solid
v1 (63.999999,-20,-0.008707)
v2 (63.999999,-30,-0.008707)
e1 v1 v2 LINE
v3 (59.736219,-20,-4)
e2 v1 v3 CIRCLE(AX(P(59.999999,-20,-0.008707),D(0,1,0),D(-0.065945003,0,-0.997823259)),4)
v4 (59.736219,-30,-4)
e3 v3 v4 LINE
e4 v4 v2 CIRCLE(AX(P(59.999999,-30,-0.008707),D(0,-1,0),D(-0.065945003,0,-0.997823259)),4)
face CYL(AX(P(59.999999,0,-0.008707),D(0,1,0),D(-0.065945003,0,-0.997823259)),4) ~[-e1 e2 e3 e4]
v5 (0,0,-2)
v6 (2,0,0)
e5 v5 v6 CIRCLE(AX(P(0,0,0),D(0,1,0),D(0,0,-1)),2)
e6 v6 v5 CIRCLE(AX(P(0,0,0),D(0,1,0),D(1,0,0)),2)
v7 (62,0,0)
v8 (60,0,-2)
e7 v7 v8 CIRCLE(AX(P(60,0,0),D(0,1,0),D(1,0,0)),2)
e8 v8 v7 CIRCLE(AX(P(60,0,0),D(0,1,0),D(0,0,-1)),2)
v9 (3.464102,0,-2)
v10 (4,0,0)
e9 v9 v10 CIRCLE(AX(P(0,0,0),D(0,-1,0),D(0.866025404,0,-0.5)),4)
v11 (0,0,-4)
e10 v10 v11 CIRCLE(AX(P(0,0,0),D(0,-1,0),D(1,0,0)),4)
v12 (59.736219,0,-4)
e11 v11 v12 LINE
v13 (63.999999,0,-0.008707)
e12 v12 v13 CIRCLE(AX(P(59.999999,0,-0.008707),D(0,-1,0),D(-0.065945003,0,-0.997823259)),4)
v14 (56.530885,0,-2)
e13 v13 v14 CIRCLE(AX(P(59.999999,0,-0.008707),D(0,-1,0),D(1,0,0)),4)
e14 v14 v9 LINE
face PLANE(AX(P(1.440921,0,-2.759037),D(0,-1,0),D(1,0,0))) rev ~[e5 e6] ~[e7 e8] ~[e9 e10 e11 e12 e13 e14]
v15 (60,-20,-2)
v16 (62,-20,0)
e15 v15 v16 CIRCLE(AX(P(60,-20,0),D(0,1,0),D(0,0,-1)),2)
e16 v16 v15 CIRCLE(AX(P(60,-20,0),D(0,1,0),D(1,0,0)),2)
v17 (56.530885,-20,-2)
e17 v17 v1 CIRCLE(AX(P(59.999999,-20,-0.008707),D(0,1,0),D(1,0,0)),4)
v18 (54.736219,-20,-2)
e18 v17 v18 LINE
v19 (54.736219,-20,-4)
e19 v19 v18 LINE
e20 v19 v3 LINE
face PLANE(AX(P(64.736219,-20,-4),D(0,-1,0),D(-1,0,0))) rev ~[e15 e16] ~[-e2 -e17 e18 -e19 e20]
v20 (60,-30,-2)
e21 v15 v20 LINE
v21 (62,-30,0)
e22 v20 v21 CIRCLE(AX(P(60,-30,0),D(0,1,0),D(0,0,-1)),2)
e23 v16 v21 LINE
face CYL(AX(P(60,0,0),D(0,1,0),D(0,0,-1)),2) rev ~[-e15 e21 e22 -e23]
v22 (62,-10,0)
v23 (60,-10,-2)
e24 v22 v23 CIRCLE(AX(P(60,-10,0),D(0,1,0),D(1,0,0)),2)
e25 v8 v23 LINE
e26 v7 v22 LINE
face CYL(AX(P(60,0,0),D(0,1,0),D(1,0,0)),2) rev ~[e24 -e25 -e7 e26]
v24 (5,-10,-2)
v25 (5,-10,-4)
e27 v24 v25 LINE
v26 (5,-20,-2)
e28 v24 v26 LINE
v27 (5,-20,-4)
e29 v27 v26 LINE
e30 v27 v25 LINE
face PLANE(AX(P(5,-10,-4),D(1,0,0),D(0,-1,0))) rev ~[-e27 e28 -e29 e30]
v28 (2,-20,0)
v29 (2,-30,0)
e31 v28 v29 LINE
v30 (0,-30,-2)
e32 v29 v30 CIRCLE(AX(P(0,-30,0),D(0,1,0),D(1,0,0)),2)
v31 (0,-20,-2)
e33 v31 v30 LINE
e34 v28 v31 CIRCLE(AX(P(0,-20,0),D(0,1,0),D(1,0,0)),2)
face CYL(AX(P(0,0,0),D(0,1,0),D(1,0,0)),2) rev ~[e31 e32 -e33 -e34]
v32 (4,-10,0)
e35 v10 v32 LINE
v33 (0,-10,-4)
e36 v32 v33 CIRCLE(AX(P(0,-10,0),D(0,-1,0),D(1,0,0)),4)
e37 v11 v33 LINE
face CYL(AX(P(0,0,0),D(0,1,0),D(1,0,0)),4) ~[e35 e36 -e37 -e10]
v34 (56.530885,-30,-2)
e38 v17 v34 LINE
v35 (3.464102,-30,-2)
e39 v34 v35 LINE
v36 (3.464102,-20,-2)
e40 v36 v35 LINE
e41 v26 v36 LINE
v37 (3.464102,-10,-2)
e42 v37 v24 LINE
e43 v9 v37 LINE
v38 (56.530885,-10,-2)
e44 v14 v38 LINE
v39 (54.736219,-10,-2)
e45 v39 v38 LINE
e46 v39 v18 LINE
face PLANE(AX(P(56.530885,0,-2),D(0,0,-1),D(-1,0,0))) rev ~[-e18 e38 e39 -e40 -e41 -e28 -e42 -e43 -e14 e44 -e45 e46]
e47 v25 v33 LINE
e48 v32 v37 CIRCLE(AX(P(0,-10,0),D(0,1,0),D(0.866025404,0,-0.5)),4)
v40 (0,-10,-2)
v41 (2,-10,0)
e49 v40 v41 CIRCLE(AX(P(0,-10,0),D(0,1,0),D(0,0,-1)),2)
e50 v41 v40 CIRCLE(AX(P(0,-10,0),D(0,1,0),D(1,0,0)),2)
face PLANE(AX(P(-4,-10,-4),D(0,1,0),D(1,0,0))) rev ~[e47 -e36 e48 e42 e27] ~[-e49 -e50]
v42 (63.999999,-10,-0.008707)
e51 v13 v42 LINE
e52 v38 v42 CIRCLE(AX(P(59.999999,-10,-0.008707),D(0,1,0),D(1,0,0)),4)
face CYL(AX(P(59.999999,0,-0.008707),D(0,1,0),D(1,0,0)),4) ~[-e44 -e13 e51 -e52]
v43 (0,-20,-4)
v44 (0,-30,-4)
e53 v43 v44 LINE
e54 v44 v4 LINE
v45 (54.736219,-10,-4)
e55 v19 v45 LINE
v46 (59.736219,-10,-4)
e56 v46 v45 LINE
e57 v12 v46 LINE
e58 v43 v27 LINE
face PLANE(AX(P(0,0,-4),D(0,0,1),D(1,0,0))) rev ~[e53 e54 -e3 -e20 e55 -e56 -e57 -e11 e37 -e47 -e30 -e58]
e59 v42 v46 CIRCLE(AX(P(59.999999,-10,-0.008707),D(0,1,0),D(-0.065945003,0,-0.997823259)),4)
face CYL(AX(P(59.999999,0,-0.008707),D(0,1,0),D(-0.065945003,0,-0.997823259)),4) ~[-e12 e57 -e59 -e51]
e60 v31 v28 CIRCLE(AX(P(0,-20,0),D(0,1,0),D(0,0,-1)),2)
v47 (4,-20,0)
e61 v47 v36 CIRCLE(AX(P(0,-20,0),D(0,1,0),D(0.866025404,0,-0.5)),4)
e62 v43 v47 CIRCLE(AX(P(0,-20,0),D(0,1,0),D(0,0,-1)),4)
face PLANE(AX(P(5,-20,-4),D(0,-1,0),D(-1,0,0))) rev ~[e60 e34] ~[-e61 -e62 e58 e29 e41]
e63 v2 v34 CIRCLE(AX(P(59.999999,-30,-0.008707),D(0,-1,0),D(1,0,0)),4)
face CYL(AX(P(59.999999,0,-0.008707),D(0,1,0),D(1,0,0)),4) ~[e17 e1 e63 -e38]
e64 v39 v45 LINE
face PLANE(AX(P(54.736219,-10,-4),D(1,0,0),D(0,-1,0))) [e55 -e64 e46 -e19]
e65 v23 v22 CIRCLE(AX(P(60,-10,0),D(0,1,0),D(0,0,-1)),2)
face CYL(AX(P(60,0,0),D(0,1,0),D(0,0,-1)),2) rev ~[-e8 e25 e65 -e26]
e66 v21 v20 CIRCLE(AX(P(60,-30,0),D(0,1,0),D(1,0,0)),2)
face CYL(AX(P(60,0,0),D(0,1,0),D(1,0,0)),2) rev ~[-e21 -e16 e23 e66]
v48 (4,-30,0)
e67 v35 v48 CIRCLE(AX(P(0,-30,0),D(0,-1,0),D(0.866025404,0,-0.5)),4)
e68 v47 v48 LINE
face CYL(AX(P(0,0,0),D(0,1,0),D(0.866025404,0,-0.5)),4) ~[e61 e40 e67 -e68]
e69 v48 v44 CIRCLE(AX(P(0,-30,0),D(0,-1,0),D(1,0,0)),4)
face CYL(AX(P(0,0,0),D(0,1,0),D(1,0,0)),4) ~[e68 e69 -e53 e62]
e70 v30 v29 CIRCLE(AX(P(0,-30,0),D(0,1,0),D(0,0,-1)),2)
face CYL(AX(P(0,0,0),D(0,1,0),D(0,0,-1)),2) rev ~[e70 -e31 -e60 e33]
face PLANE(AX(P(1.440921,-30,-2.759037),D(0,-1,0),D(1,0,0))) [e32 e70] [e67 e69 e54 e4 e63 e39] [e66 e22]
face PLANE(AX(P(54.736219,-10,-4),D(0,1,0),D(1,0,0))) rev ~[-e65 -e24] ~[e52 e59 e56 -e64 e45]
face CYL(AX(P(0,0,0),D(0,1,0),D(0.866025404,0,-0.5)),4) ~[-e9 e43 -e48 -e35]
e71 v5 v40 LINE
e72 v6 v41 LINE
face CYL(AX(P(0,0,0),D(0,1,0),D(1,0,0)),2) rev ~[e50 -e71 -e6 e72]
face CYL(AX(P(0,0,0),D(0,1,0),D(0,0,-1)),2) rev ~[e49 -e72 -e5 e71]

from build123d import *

# Parameters (mm, degrees)
F1_DEPTH = 30
F2_W     = 5
F2_H     = 10
F3_DEPTH = 25
F2_W_2   = 4
F4_DEPTH = 25


with BuildPart() as f1:
    # F0 (on Front) → F1 (new body)
    with BuildSketch(Plane.XZ):
        with BuildLine():
            Line((0, -2), (0, -4))
            ThreePointArc((0, -4), (2, -3.4641016151), (3.4641016151, -2))
            Line((3.4641016151, -2), (0, -2))
        make_face()
        with BuildLine():
            ThreePointArc((3.4641016151, -2), (2, -3.4641016151), (0, -4))
            Line((0, -4), (59.7362193561, -4))
            ThreePointArc((59.7362193561, -4), (57.8825422961, -3.4022855387), (56.5308853543, -2))
            Line((56.5308853543, -2), (3.4641016151, -2))
        make_face()
        with BuildLine():
            ThreePointArc((56.5308853543, -2), (57.8825422961, -3.4022855387), (59.7362193561, -4))
            Line((59.7362193561, -4), (60, -4))
            Line((60, -4), (60, -2))
            Line((60, -2), (56.5308853543, -2))
        make_face()
        with BuildLine():
            Line((60, -4), (59.7362193561, -4))
            ThreePointArc((59.7362193561, -4), (62.7335757758, -2.9289055908), (63.9999993682, -0.0087069633))
            ThreePointArc((63.9999993682, -0.0087069633), (58.9695761678, 3.8562934285), (56.5308853543, -2))
            Line((56.5308853543, -2), (60, -2))
            Line((60, -2), (60, -4))
        make_face()
        with BuildLine():
            ThreePointArc((62, 0), (61.4142135624, -1.4142135624), (60, -2))
            ThreePointArc((60, -2), (58.5857864376, 1.4142135624), (62, 0))
        make_face(mode=Mode.SUBTRACT)
        with BuildLine():
            ThreePointArc((3.4641016151, -2), (3.8637033052, -1.0352761804), (4, 0))
            ThreePointArc((4, 0), (-2.8284271247, 2.8284271247), (0, -4))
            Line((0, -4), (0, -2))
            Line((0, -2), (3.4641016151, -2))
        make_face()
        with BuildLine():
            ThreePointArc((2, 0), (1.4142135624, -1.4142135624), (0, -2))
            ThreePointArc((0, -2), (-1.4142135624, 1.4142135624), (2, 0))
        make_face(mode=Mode.SUBTRACT)
    extrude(amount=F1_DEPTH)

    # F2 (on face) → F3 (cut, symmetric)
    with BuildSketch(Plane(origin=(0, 0, -4), x_dir=(1, 0, 0), z_dir=(0, 0, -1))):
        with Locations((57.2362193561, 15)):
            Rectangle(F2_W, F2_H)
        with Locations((62.2362193561, 15)):
            Rectangle(F2_W, F2_H)
    extrude(amount=F3_DEPTH, both=True, mode=Mode.SUBTRACT)

    # F2 (on face) → F4 (cut, symmetric)
    with BuildSketch(Plane(origin=(0, 0, -4), x_dir=(1, 0, 0), z_dir=(0, 0, -1))):
        with Locations((-2, 15)):
            Rectangle(F2_W_2, F2_H)
        with Locations((2.5, 15)):
            Rectangle(F2_W, F2_H)
    extrude(amount=F4_DEPTH, both=True, mode=Mode.SUBTRACT)


solid = f1.part
